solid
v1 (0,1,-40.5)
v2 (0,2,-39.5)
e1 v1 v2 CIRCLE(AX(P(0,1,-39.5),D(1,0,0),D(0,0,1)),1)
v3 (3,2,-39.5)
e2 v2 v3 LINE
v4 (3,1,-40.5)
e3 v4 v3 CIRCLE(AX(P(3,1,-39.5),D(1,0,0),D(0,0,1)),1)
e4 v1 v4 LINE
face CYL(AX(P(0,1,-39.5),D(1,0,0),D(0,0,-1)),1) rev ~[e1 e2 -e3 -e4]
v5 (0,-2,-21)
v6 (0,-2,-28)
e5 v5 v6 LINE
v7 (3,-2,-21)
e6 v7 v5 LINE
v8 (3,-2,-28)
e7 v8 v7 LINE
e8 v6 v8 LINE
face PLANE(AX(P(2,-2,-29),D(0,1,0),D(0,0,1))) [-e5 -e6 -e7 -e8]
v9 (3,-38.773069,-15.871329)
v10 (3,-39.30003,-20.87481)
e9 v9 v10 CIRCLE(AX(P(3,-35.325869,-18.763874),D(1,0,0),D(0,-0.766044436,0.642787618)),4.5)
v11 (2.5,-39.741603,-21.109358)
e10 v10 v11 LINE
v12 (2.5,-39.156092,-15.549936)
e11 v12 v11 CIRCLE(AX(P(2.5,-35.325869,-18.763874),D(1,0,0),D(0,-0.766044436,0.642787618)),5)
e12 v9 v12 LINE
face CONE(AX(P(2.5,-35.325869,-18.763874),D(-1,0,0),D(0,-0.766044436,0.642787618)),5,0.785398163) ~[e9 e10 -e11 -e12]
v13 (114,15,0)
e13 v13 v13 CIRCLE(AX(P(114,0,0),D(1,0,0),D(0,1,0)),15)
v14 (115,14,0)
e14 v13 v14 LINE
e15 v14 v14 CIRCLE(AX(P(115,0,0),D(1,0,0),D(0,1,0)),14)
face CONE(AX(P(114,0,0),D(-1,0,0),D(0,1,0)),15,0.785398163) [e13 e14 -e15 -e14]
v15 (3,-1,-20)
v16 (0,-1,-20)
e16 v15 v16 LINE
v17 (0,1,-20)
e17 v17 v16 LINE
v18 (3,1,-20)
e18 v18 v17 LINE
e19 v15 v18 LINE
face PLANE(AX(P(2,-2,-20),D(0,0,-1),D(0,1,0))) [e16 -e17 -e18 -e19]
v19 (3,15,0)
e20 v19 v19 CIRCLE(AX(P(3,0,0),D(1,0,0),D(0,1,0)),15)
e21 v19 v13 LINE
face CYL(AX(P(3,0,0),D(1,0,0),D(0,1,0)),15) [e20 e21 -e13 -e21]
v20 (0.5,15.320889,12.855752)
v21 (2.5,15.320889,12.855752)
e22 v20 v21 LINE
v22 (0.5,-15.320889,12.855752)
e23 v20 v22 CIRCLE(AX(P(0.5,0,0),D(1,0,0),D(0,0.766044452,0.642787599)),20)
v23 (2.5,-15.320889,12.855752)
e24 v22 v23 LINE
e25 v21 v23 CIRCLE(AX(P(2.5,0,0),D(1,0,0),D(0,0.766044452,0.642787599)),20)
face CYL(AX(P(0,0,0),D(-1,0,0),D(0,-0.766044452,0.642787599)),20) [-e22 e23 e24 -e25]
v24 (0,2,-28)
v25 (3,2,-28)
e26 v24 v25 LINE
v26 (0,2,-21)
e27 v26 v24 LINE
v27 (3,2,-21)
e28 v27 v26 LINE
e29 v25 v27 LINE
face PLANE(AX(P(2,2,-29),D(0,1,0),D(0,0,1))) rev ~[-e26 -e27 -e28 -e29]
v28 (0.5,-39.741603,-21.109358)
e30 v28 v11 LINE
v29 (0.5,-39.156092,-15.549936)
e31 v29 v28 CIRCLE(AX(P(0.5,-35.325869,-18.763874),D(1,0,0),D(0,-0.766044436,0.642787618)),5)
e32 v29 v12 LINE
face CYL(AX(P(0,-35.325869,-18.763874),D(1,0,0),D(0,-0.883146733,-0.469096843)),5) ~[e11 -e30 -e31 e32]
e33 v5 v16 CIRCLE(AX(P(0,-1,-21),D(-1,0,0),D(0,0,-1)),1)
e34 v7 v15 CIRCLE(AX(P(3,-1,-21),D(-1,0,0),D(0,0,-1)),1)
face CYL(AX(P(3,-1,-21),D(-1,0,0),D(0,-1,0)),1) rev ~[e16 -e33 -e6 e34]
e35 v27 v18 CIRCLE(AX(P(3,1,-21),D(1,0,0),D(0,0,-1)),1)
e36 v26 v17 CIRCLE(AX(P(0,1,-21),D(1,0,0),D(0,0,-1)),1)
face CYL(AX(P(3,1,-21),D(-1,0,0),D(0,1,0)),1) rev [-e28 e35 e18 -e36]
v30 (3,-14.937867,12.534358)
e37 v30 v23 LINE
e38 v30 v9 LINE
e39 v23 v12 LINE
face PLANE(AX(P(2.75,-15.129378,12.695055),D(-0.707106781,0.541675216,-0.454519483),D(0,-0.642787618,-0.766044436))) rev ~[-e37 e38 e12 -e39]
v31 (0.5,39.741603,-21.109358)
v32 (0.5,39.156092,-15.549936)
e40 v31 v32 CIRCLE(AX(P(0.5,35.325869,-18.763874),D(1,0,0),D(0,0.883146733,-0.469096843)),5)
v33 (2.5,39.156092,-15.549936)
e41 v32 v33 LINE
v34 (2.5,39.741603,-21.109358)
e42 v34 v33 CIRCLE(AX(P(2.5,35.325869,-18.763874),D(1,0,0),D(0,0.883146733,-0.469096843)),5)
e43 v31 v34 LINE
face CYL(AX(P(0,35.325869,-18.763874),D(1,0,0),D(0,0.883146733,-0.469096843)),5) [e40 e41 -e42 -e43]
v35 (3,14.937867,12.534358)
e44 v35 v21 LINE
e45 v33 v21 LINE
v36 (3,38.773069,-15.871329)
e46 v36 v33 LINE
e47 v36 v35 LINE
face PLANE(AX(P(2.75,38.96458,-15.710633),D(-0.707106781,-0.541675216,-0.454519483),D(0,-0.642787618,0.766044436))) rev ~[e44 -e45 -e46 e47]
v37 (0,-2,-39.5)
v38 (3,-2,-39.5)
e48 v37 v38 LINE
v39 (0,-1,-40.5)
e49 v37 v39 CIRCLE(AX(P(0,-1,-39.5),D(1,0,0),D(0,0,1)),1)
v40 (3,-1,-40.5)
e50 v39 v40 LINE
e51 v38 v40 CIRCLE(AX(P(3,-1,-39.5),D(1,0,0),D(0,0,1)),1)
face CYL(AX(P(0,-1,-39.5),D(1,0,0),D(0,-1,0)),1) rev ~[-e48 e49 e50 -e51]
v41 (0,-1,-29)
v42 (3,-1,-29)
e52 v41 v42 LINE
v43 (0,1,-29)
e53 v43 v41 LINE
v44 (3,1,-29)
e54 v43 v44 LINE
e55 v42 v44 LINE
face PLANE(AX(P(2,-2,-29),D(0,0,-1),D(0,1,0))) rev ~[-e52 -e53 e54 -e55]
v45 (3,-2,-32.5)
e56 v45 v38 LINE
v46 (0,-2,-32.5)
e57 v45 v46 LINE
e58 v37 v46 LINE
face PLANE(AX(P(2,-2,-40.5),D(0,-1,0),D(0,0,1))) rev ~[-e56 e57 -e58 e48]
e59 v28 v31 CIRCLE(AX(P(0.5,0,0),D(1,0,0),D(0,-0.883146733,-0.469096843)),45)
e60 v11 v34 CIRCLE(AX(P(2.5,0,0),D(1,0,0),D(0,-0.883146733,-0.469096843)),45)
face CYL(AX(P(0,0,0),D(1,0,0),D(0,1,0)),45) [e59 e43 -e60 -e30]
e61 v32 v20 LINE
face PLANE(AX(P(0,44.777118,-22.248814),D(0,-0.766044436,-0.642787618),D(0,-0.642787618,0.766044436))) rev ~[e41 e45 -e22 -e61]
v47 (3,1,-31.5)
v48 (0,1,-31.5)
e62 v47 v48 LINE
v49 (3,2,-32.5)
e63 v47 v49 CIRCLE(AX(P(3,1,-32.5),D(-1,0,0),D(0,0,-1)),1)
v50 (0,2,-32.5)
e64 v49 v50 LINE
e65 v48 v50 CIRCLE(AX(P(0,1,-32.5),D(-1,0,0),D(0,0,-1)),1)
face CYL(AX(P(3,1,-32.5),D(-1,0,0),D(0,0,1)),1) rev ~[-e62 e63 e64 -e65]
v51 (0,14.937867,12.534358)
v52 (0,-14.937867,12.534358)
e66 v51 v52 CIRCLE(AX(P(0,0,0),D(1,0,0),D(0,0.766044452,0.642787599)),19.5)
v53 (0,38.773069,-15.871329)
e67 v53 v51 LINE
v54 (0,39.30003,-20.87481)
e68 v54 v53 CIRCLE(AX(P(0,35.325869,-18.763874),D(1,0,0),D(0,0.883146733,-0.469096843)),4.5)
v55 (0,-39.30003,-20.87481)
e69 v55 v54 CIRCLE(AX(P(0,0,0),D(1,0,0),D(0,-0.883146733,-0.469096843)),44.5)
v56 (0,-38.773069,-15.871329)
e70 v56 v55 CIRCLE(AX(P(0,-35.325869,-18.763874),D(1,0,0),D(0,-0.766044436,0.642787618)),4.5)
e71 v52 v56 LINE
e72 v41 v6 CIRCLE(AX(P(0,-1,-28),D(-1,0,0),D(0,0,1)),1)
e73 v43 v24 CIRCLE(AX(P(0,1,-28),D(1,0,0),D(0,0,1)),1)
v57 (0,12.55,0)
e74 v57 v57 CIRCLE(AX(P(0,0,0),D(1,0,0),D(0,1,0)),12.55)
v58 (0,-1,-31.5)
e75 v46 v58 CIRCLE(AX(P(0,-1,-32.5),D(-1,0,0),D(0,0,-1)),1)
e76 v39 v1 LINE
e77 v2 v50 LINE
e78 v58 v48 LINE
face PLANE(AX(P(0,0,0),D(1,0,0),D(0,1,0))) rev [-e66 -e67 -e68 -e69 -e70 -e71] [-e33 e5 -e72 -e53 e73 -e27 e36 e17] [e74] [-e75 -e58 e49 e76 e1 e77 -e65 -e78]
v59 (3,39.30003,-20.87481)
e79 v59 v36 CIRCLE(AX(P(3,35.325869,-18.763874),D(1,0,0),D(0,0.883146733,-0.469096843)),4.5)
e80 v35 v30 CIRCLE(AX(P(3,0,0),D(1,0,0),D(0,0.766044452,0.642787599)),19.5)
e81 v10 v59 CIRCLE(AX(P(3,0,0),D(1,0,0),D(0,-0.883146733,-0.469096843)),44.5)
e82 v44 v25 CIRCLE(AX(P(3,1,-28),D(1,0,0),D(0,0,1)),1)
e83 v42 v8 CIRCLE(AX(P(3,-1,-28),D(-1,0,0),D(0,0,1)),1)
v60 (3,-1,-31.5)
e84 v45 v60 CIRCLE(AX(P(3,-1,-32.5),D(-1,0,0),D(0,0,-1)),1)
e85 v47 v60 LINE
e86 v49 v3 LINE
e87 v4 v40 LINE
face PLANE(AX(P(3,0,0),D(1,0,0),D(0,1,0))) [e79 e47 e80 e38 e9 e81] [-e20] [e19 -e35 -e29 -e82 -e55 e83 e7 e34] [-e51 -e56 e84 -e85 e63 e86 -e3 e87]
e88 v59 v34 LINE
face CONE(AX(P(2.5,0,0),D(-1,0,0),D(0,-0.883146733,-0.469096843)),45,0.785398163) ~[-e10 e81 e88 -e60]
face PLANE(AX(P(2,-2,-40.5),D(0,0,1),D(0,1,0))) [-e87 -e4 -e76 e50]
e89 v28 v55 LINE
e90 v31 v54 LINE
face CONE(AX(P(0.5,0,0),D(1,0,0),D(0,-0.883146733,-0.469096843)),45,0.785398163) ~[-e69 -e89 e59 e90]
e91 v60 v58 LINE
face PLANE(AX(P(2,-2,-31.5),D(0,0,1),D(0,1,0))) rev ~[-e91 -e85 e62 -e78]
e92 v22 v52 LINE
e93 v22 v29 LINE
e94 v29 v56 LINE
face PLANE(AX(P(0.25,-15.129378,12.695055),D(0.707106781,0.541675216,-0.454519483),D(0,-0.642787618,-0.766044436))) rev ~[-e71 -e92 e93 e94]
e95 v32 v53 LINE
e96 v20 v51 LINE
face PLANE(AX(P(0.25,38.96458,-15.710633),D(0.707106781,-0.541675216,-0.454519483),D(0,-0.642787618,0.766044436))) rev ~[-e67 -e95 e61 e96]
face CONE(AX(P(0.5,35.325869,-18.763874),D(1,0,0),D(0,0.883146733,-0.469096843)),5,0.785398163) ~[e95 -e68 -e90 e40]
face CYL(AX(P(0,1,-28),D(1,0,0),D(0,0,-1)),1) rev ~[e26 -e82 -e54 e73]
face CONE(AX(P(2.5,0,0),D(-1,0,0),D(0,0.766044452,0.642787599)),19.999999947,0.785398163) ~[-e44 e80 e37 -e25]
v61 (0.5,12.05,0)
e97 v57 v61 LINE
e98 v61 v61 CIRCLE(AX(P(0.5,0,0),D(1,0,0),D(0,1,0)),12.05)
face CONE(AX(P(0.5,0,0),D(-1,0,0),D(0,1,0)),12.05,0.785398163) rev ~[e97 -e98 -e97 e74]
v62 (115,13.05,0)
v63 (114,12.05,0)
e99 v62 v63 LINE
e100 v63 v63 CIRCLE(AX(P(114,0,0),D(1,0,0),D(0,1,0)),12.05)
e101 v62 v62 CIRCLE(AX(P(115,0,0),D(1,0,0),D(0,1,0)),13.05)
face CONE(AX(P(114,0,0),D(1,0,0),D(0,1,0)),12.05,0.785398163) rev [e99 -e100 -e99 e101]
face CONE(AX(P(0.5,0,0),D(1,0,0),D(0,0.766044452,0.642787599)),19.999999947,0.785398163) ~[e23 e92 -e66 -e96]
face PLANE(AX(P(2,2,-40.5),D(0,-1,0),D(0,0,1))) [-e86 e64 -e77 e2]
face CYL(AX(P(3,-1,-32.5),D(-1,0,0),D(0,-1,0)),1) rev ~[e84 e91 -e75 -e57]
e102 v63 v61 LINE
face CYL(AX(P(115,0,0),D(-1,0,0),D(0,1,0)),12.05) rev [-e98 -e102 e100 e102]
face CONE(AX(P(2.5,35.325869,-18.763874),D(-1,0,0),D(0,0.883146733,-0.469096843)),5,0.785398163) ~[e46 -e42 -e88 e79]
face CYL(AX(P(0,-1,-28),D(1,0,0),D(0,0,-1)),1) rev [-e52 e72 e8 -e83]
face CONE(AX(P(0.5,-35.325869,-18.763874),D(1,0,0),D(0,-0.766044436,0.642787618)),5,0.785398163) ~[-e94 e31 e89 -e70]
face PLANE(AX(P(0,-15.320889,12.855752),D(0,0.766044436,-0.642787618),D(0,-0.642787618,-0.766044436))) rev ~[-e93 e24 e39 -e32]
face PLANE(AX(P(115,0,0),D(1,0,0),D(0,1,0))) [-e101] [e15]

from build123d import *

# Parameters (mm, degrees)
SKETCH001_W     = 4
SKETCH001_H     = 9
POCKET_DEPTH    = 3
POCKET001_DEPTH = 5
FILLET_R        = 5
FILLET001_R     = 1
CHAMFER_SIZE    = 0.5
CHAMFER001_SIZE = 1


with BuildPart() as part:
    # Sketch → Revolution (revolve)
    with BuildSketch(Plane.XY):
        Polygon((0, 45), (3, 45), (3, 15), (115, 15), (115, 12.05), (0, 12.05), align=None)
    revolve(axis=Axis((0, 0, 0), (1, 0, 0)))

    # Sketch001 → Pocket (cut, symmetric)
    with BuildSketch(Plane.YZ.offset(2)):
        with Locations((0, -36)):
            Rectangle(SKETCH001_W, SKETCH001_H)
        with Locations((0, -24.5)):
            Rectangle(SKETCH001_W, SKETCH001_H)
    extrude(amount=POCKET_DEPTH, both=True, mode=Mode.SUBTRACT)

    # Sketch002 → Pocket001 (cut)
    with BuildSketch(Plane(origin=(0, 0, 0), x_dir=(0, -1, 0), z_dir=(-1, 0, 0))):
        with BuildLine():
            ThreePointArc((44.777118, -22.248814), (0, 50), (-44.777118, -22.248814))
            Line((-44.777118, -22.248814), (-15.320889, 12.855752))
            ThreePointArc((15.320889, 12.855752), (0, 20), (-15.320889, 12.855752))
            Line((15.320889, 12.855752), (44.777118, -22.248814))
        make_face()
    extrude(amount=-POCKET001_DEPTH, mode=Mode.SUBTRACT)

    # Fillet
    fillet_edges = [part.edges().sort_by_distance(p)[0] for p in [
        (1.5, 41.232486, -18.024487),
        (1.5, -41.232486, -18.024487),
    ]]
    fillet(fillet_edges, radius=FILLET_R)

    # Fillet001
    fillet001_edges = [part.edges().sort_by_distance(p)[0] for p in [
        (1.5, 2, -20),
        (1.5, -2, -20),
        (1.5, -2, -29),
        (1.5, 2, -29),
        (1.5, 2, -31.5),
        (1.5, -2, -31.5),
        (1.5, -2, -40.5),
        (1.5, 2, -40.5),
    ]]
    fillet(fillet001_edges, radius=FILLET001_R)

    # Chamfer
    chamfer_edges = [part.edges().sort_by_distance(p)[0] for p in [
        (0, 0, -45),
        (3, 0, -45),
        (0, -12.05, 0),
    ]]
    chamfer(chamfer_edges, length=CHAMFER_SIZE)

    # Chamfer001
    chamfer001_edges = [part.edges().sort_by_distance(p)[0] for p in [
        (115, -15, 0),
        (115, -12.05, 0),
    ]]
    chamfer(chamfer001_edges, length=CHAMFER001_SIZE)


solid = part.part
